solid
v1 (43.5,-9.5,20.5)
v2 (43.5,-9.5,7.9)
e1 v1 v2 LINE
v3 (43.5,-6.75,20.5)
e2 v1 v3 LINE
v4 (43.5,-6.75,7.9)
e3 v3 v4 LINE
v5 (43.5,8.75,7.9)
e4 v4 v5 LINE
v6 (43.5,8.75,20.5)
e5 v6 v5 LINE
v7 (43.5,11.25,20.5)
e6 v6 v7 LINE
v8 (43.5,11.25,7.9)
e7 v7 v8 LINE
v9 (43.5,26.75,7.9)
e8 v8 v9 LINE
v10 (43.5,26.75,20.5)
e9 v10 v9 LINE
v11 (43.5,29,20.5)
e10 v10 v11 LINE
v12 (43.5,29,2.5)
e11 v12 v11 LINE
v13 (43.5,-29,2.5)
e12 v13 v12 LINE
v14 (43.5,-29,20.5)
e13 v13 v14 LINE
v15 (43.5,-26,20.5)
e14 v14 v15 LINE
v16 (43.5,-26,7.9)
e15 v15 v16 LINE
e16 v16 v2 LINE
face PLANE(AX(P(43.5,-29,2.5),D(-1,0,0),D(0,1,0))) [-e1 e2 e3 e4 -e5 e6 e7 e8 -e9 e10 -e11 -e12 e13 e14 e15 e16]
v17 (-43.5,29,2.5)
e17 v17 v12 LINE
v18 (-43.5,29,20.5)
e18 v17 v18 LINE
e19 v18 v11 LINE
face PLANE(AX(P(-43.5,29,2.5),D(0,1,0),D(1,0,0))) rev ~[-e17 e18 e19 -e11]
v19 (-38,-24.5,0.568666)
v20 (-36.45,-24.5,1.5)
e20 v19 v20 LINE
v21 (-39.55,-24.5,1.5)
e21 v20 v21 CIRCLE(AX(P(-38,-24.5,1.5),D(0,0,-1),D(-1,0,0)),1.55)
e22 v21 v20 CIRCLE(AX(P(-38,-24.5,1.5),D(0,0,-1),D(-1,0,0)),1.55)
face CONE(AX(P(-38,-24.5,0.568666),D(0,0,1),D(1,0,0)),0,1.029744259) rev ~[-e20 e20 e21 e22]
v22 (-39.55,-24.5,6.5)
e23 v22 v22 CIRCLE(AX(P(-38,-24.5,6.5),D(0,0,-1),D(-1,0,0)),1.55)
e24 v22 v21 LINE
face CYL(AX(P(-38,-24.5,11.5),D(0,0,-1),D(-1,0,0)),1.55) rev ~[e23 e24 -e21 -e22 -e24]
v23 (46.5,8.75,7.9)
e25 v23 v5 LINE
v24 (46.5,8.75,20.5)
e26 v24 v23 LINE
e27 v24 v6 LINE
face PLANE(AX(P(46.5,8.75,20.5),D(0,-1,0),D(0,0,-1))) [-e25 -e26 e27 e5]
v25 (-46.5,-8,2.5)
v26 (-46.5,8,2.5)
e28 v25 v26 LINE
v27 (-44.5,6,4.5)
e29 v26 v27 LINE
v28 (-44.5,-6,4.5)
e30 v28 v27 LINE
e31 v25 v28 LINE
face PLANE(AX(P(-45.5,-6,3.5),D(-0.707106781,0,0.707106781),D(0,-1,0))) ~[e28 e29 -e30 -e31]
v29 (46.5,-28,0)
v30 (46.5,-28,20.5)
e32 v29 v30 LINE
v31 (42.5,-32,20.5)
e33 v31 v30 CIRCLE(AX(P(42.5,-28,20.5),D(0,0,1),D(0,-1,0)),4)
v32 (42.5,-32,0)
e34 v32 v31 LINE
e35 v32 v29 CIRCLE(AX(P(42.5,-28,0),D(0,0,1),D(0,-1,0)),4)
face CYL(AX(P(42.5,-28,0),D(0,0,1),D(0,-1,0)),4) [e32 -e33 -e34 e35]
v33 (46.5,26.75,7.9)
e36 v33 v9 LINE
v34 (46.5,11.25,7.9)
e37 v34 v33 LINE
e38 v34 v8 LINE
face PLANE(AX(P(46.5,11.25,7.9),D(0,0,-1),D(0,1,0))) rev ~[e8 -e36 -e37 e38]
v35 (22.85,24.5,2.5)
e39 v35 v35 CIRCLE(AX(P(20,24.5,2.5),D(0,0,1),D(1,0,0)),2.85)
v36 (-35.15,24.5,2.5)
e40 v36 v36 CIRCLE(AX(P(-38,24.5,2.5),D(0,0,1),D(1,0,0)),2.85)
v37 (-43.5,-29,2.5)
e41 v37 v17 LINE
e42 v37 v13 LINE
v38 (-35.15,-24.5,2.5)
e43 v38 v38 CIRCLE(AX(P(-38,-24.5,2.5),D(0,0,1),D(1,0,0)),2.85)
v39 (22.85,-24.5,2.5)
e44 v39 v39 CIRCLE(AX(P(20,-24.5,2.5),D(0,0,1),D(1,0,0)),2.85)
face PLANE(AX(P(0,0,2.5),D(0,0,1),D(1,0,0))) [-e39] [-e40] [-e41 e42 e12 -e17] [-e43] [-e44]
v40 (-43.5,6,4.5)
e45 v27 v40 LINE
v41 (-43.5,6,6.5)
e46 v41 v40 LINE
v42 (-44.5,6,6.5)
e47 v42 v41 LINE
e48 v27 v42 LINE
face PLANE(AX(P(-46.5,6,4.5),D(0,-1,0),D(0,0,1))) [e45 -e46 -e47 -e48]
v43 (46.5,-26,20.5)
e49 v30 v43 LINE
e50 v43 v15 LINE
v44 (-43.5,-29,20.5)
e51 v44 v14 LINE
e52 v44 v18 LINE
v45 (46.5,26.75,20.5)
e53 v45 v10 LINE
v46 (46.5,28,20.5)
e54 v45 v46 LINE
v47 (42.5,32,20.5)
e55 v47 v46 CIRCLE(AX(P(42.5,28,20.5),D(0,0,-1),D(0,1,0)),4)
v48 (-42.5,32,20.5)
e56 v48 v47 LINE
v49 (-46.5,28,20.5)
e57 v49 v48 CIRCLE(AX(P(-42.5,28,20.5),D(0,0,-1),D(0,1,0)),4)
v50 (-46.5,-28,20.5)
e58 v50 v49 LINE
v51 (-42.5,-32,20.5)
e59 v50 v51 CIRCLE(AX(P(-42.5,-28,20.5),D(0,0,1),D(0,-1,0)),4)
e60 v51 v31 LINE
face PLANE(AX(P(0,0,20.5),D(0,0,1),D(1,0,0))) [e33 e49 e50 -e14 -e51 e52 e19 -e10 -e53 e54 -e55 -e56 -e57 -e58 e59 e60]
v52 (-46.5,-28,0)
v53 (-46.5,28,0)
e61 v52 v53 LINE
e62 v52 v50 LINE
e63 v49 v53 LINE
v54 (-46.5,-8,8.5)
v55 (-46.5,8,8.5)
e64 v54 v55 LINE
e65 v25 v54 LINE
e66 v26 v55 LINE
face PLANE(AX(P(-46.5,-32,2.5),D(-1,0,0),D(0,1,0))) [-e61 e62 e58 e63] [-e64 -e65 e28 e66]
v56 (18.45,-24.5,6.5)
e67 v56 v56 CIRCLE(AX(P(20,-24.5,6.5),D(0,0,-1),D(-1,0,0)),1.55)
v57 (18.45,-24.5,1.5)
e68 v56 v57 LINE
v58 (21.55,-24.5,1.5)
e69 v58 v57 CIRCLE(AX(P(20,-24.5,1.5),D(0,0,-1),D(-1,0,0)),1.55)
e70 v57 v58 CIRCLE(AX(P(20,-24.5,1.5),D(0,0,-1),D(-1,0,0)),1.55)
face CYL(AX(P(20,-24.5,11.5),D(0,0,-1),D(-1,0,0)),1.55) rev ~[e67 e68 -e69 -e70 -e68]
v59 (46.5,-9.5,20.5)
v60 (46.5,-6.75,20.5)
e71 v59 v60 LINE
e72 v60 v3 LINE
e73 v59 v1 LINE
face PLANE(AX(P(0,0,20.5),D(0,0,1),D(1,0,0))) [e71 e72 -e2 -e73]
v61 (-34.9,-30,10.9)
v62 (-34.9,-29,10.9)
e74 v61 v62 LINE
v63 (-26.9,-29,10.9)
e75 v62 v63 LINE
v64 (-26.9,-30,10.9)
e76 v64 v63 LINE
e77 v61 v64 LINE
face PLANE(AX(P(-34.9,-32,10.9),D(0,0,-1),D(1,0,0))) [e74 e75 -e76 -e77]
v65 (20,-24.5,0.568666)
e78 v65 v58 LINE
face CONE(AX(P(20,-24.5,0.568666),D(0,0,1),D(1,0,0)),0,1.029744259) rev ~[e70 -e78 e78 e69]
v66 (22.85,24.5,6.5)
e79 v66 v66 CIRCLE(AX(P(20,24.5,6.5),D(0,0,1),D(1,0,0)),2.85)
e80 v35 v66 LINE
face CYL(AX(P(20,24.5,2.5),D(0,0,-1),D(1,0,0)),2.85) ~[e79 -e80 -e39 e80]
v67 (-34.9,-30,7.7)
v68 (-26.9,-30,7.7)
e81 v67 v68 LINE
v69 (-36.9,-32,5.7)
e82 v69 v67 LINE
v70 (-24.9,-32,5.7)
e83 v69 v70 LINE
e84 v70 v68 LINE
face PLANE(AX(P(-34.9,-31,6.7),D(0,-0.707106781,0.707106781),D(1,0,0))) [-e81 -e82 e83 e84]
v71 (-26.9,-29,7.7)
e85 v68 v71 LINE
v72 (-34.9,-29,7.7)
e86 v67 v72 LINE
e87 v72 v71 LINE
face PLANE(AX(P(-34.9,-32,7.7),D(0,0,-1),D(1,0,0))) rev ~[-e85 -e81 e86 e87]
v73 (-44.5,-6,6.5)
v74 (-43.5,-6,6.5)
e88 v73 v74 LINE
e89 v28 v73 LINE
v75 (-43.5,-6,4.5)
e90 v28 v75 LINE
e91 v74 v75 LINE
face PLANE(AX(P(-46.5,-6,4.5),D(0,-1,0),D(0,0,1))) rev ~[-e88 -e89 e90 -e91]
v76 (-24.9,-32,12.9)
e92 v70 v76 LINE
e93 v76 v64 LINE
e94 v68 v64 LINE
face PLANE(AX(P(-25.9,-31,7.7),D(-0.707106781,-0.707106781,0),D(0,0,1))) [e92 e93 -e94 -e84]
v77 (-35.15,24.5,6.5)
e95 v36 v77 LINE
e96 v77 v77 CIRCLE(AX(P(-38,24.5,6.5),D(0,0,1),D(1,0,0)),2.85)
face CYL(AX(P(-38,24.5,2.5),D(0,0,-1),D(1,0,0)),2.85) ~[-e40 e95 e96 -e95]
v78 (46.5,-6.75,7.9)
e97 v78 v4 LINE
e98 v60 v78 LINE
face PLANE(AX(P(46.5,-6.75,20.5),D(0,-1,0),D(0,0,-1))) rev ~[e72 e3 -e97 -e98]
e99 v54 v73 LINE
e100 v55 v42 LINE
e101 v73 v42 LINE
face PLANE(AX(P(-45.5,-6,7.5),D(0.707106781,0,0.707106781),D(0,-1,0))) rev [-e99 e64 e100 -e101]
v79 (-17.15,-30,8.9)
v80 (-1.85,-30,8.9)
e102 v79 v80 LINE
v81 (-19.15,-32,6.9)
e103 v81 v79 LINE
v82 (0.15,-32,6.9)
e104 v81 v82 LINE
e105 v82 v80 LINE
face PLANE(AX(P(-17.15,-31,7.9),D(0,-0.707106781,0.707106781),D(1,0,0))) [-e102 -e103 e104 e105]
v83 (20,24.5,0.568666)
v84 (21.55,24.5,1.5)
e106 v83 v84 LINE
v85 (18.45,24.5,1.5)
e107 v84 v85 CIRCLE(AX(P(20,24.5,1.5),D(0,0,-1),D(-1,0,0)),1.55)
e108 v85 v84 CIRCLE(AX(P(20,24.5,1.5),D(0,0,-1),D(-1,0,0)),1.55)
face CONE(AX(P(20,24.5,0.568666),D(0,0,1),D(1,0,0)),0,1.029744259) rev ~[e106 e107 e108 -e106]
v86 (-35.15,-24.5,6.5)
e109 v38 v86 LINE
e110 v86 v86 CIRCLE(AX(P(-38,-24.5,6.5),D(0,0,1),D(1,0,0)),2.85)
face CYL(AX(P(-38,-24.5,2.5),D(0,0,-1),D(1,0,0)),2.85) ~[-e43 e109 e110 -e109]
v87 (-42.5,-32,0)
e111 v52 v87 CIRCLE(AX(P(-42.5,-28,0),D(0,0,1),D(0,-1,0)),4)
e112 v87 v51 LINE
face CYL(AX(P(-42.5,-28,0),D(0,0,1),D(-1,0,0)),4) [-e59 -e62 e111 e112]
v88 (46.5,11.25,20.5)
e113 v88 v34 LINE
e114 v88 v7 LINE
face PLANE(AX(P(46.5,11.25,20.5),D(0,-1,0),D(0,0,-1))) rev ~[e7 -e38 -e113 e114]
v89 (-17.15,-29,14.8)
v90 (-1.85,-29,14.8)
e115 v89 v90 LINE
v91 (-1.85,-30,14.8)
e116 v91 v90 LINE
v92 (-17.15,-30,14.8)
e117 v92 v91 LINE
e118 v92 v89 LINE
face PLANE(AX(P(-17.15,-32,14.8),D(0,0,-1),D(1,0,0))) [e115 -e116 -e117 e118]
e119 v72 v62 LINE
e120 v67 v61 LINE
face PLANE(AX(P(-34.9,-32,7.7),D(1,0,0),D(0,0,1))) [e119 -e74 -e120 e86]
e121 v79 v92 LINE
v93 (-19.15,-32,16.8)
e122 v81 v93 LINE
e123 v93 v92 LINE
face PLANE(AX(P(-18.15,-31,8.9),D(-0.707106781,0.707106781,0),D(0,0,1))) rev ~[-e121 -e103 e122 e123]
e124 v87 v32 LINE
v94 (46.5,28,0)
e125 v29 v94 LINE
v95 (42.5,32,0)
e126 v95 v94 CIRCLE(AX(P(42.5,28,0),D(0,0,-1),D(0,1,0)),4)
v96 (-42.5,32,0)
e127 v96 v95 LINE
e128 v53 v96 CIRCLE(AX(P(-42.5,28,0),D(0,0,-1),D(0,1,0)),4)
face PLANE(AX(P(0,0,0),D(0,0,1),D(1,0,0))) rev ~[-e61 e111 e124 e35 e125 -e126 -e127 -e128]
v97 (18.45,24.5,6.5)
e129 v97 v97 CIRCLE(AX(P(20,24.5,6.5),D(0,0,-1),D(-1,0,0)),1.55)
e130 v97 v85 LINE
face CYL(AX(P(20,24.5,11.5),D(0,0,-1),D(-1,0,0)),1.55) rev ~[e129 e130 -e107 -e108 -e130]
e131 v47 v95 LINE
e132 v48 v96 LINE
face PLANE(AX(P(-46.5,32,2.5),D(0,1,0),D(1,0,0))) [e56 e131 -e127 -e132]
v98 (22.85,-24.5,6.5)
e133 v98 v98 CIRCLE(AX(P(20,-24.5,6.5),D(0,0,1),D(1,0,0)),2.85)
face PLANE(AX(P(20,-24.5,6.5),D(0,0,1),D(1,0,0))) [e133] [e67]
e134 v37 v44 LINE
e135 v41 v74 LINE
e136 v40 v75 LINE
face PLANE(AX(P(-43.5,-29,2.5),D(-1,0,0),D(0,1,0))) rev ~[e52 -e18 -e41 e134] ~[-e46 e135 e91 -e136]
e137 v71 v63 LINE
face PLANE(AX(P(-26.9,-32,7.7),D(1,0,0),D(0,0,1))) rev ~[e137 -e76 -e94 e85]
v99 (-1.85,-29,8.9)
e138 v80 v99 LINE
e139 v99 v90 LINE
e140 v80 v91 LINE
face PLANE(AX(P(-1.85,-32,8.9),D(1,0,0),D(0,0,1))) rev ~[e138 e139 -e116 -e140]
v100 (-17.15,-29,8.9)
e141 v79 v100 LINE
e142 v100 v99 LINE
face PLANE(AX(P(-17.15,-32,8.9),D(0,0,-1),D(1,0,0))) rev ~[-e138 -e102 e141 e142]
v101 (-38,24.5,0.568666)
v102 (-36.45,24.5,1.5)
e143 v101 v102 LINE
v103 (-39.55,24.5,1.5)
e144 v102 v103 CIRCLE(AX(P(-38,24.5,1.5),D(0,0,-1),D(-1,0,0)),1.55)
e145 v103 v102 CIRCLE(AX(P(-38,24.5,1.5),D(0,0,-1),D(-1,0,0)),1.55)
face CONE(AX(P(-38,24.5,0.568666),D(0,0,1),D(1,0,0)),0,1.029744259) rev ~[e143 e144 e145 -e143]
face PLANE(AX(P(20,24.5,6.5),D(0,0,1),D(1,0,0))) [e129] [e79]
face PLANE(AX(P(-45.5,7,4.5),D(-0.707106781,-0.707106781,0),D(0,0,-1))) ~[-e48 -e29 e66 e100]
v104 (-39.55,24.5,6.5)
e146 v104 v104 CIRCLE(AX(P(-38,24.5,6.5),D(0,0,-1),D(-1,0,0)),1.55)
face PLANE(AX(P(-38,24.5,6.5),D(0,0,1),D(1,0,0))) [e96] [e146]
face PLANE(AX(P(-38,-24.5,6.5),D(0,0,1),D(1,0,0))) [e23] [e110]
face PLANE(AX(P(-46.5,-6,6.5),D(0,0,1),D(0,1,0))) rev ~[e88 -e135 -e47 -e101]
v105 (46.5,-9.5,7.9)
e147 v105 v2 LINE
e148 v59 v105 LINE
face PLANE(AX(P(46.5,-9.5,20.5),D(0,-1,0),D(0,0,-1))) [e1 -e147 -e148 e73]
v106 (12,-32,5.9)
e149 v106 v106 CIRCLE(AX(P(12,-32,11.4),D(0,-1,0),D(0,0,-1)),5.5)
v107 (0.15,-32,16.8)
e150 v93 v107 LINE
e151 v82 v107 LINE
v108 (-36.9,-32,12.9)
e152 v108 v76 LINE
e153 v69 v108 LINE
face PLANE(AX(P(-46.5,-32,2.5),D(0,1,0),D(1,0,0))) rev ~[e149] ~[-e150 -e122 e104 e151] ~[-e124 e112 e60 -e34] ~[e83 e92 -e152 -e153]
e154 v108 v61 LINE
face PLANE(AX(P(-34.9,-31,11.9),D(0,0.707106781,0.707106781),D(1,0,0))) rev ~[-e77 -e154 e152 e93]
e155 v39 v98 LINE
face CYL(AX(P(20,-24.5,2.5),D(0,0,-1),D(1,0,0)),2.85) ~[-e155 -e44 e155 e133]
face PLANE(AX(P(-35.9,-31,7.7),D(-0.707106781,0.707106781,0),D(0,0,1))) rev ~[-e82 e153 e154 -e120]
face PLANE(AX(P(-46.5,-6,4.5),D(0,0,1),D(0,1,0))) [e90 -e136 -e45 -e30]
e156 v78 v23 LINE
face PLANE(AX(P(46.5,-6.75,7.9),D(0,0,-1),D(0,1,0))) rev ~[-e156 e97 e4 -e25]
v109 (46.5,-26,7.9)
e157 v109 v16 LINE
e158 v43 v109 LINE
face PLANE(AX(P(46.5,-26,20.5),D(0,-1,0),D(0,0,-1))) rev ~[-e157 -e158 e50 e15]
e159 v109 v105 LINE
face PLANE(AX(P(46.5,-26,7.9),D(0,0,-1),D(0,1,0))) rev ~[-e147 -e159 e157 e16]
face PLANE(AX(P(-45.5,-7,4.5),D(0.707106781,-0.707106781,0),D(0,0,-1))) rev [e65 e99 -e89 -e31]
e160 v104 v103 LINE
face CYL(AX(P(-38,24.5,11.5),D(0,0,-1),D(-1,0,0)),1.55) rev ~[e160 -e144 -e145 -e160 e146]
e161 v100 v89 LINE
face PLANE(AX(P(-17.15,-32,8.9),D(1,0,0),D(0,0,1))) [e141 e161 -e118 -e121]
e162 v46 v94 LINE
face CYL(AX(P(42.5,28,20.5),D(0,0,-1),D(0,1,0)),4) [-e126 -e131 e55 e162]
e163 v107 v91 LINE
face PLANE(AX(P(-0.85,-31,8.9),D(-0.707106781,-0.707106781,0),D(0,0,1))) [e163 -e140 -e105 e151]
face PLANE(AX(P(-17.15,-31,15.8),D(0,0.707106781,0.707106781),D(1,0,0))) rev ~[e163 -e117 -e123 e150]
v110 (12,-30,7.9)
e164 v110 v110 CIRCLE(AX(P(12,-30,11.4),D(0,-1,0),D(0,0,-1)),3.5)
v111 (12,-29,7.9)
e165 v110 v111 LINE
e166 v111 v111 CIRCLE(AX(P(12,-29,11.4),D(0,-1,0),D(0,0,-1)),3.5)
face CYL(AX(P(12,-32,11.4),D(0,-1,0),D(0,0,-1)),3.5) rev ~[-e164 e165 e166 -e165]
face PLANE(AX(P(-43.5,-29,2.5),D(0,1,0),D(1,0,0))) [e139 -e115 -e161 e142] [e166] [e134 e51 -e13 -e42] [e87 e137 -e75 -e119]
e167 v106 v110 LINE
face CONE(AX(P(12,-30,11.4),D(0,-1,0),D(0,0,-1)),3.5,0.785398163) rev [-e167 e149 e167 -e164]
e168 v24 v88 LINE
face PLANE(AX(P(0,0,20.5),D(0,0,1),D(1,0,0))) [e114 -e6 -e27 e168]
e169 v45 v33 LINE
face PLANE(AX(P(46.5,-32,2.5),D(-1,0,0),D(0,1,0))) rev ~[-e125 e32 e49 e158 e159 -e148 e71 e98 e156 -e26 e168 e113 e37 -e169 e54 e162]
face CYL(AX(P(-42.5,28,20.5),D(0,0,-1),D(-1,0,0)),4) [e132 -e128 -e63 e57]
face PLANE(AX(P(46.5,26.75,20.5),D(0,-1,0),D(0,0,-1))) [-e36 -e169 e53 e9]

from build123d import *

# Parameters (mm, degrees)
BASE_SKETCH_W               = 93
BASE_SKETCH_H               = 64
BASE_DEPTH                  = 2.5
WALLS_SKETCH_W              = 93
WALLS_SKETCH_H              = 64
WALLS_SKETCH_W_2            = 87
WALLS_SKETCH_H_2            = 58
WALLS_DEPTH                 = 18
FRONT_CONNECTORS_REACH      = 102.465
FRONT_CONNECTORS_SKETCH_W   = 12.6
FRONT_CONNECTORS_SKETCH_H   = 16.5
FRONT_CONNECTORS_SKETCH_H_2 = 15.5
SIDE_CONNECTORS_REACH       = 83.722
SIDE_CONNECTORS_SKETCH_R    = 3.5
SIDE_CONNECTORS_SKETCH_W    = 8
SIDE_CONNECTORS_SKETCH_H    = 3.2
SIDE_CONNECTORS_SKETCH_W_2  = 15.3
SIDE_CONNECTORS_SKETCH_H_2  = 5.9
SIDE_CONNECTORS_ANGLE_SIZE  = 2
SD_SLOT_REACH               = 102.465
SD_SLOT_SKETCH_W            = 2
SD_SLOT_SKETCH_H            = 12
SD_SLOT_ANGLE_SIZE          = 2
MOUNT_PILLAR_SKETCH_R       = 2.85
MOUNT_PILLARS_DEPTH         = 4
INSERT_NUT_HOLES_D          = 3.1
INSERT_NUT_HOLES_DEPTH      = 5
INSERT_NUT_HOLES_TIP        = 0.931333959
ZAOBLIT2_R                  = 4


with BuildPart() as part:
    # Base sketch → Base (new body)
    with BuildSketch(Plane.XY):
        Rectangle(BASE_SKETCH_W, BASE_SKETCH_H)
    extrude(amount=BASE_DEPTH)

    # Walls sketch → Walls (add)
    with BuildSketch(Plane.XY.offset(2.5)):
        Rectangle(WALLS_SKETCH_W, WALLS_SKETCH_H)
        Rectangle(WALLS_SKETCH_W_2, WALLS_SKETCH_H_2, mode=Mode.SUBTRACT)
    extrude(amount=WALLS_DEPTH)

    # Front connectors sketch → Front connectors (cut, up to next)
    with BuildSketch(Plane(origin=(46.5, 0, 0), x_dir=(0, 0, -1), z_dir=(1, 0, 0)), mode=Mode.PRIVATE) as front_connectors_sk1:
        with Locations((-14.2, -17.75)):
            Rectangle(FRONT_CONNECTORS_SKETCH_W, FRONT_CONNECTORS_SKETCH_H)
    front_connectors_tool1 = extrude(front_connectors_sk1.sketch, amount=-FRONT_CONNECTORS_REACH, mode=Mode.PRIVATE) & part.part
    # Front connectors sketch → Front connectors (cut, up to next)
    with BuildSketch(Plane(origin=(46.5, 0, 0), x_dir=(0, 0, -1), z_dir=(1, 0, 0)), mode=Mode.PRIVATE) as front_connectors_sk2:
        with Locations((-14.2, 1)):
            Rectangle(FRONT_CONNECTORS_SKETCH_W, FRONT_CONNECTORS_SKETCH_H_2)
    front_connectors_tool2 = extrude(front_connectors_sk2.sketch, amount=-FRONT_CONNECTORS_REACH, mode=Mode.PRIVATE) & part.part
    # Front connectors sketch → Front connectors (cut, up to next)
    with BuildSketch(Plane(origin=(46.5, 0, 0), x_dir=(0, 0, -1), z_dir=(1, 0, 0)), mode=Mode.PRIVATE) as front_connectors_sk3:
        with Locations((-14.2, 19)):
            Rectangle(FRONT_CONNECTORS_SKETCH_W, FRONT_CONNECTORS_SKETCH_H_2)
    front_connectors_tool3 = extrude(front_connectors_sk3.sketch, amount=-FRONT_CONNECTORS_REACH, mode=Mode.PRIVATE) & part.part
    add(front_connectors_tool1.solids().sort_by_distance((46.5, -17.75, 14.2))[0], mode=Mode.SUBTRACT)
    add(front_connectors_tool2.solids().sort_by_distance((46.5, 1, 14.2))[0], mode=Mode.SUBTRACT)
    add(front_connectors_tool3.solids().sort_by_distance((46.5, 19, 14.2))[0], mode=Mode.SUBTRACT)

    # Side connectors sketch → Side connectors (cut, up to next)
    with BuildSketch(Plane.XZ.offset(32), mode=Mode.PRIVATE) as side_connectors_sk1:
        with Locations(Location((12, 11.4, 0), (0, 0, 270))):
            Circle(SIDE_CONNECTORS_SKETCH_R)
    side_connectors_tool1 = extrude(side_connectors_sk1.sketch, amount=-SIDE_CONNECTORS_REACH, mode=Mode.PRIVATE) & part.part
    # Side connectors sketch → Side connectors (cut, up to next)
    with BuildSketch(Plane.XZ.offset(32), mode=Mode.PRIVATE) as side_connectors_sk2:
        with Locations((-30.9, 9.3)):
            Rectangle(SIDE_CONNECTORS_SKETCH_W, SIDE_CONNECTORS_SKETCH_H)
    side_connectors_tool2 = extrude(side_connectors_sk2.sketch, amount=-SIDE_CONNECTORS_REACH, mode=Mode.PRIVATE) & part.part
    # Side connectors sketch → Side connectors (cut, up to next)
    with BuildSketch(Plane.XZ.offset(32), mode=Mode.PRIVATE) as side_connectors_sk3:
        with Locations((-9.5, 11.85)):
            Rectangle(SIDE_CONNECTORS_SKETCH_W_2, SIDE_CONNECTORS_SKETCH_H_2)
    side_connectors_tool3 = extrude(side_connectors_sk3.sketch, amount=-SIDE_CONNECTORS_REACH, mode=Mode.PRIVATE) & part.part
    add(side_connectors_tool1.solids().sort_by_distance((12, -32, 11.4))[0], mode=Mode.SUBTRACT)
    add(side_connectors_tool2.solids().sort_by_distance((-30.9, -32, 9.3))[0], mode=Mode.SUBTRACT)
    add(side_connectors_tool3.solids().sort_by_distance((-9.5, -32, 11.85))[0], mode=Mode.SUBTRACT)

    # Side connectors angle
    side_connectors_angle_edges = [part.edges().sort_by_distance(p)[0] for p in [
        (-9.5, -32, 8.9),
        (-1.85, -32, 11.85),
        (-9.5, -32, 14.8),
        (-17.15, -32, 11.85),
        (12, -32, 14.9),
        (-34.9, -32, 9.3),
        (-30.9, -32, 7.7),
        (-26.9, -32, 9.3),
        (-30.9, -32, 10.9),
    ]]
    chamfer(side_connectors_angle_edges, length=SIDE_CONNECTORS_ANGLE_SIZE)

    # SD slot sketch → SD slot (cut, up to next)
    with BuildSketch(Plane.ZY.offset(46.5), mode=Mode.PRIVATE) as sd_slot_sk1:
        with Locations((5.5, 0)):
            Rectangle(SD_SLOT_SKETCH_W, SD_SLOT_SKETCH_H)
    sd_slot_tool1 = extrude(sd_slot_sk1.sketch, amount=-SD_SLOT_REACH, mode=Mode.PRIVATE) & part.part
    add(sd_slot_tool1.solids().sort_by_distance((-46.5, 0, 5.5))[0], mode=Mode.SUBTRACT)

    # SD slot angle
    sd_slot_angle_edges = [part.edges().sort_by_distance(p)[0] for p in [
        (-46.5, 0, 6.5),
        (-46.5, -6, 5.5),
        (-46.5, 6, 5.5),
        (-46.5, 0, 4.5),
    ]]
    chamfer(sd_slot_angle_edges, length=SD_SLOT_ANGLE_SIZE)

    # Mount pillar sketch → Mount pillars (add)
    with BuildSketch(Plane.XY.offset(2.5)):
        with Locations((-38, -24.5)):
            Circle(MOUNT_PILLAR_SKETCH_R)
        with Locations((20, -24.5)):
            Circle(MOUNT_PILLAR_SKETCH_R)
        with Locations((20, 24.5)):
            Circle(MOUNT_PILLAR_SKETCH_R)
        with Locations((-38, 24.5)):
            Circle(MOUNT_PILLAR_SKETCH_R)
    extrude(amount=MOUNT_PILLARS_DEPTH)

    # Insert nut holes
    with Locations(Plane.XY.offset(6.5)):
        with Locations((-38, 24.5), (20, 24.5), (20, -24.5), (-38, -24.5)):
            Hole(INSERT_NUT_HOLES_D / 2, depth=INSERT_NUT_HOLES_DEPTH)
            with Locations((0, 0, -(INSERT_NUT_HOLES_DEPTH + INSERT_NUT_HOLES_TIP / 2))):  # 118° drill point
                Cone(0, INSERT_NUT_HOLES_D / 2, INSERT_NUT_HOLES_TIP, mode=Mode.SUBTRACT)

    # Zaoblit2
    zaoblit2_edges = [part.edges().sort_by_distance(p)[0] for p in [
        (46.5, 32, 10.25),
        (46.5, -32, 10.25),
        (-46.5, -32, 10.25),
        (-46.5, 32, 10.25),
    ]]
    fillet(zaoblit2_edges, radius=ZAOBLIT2_R)


solid = part.part
